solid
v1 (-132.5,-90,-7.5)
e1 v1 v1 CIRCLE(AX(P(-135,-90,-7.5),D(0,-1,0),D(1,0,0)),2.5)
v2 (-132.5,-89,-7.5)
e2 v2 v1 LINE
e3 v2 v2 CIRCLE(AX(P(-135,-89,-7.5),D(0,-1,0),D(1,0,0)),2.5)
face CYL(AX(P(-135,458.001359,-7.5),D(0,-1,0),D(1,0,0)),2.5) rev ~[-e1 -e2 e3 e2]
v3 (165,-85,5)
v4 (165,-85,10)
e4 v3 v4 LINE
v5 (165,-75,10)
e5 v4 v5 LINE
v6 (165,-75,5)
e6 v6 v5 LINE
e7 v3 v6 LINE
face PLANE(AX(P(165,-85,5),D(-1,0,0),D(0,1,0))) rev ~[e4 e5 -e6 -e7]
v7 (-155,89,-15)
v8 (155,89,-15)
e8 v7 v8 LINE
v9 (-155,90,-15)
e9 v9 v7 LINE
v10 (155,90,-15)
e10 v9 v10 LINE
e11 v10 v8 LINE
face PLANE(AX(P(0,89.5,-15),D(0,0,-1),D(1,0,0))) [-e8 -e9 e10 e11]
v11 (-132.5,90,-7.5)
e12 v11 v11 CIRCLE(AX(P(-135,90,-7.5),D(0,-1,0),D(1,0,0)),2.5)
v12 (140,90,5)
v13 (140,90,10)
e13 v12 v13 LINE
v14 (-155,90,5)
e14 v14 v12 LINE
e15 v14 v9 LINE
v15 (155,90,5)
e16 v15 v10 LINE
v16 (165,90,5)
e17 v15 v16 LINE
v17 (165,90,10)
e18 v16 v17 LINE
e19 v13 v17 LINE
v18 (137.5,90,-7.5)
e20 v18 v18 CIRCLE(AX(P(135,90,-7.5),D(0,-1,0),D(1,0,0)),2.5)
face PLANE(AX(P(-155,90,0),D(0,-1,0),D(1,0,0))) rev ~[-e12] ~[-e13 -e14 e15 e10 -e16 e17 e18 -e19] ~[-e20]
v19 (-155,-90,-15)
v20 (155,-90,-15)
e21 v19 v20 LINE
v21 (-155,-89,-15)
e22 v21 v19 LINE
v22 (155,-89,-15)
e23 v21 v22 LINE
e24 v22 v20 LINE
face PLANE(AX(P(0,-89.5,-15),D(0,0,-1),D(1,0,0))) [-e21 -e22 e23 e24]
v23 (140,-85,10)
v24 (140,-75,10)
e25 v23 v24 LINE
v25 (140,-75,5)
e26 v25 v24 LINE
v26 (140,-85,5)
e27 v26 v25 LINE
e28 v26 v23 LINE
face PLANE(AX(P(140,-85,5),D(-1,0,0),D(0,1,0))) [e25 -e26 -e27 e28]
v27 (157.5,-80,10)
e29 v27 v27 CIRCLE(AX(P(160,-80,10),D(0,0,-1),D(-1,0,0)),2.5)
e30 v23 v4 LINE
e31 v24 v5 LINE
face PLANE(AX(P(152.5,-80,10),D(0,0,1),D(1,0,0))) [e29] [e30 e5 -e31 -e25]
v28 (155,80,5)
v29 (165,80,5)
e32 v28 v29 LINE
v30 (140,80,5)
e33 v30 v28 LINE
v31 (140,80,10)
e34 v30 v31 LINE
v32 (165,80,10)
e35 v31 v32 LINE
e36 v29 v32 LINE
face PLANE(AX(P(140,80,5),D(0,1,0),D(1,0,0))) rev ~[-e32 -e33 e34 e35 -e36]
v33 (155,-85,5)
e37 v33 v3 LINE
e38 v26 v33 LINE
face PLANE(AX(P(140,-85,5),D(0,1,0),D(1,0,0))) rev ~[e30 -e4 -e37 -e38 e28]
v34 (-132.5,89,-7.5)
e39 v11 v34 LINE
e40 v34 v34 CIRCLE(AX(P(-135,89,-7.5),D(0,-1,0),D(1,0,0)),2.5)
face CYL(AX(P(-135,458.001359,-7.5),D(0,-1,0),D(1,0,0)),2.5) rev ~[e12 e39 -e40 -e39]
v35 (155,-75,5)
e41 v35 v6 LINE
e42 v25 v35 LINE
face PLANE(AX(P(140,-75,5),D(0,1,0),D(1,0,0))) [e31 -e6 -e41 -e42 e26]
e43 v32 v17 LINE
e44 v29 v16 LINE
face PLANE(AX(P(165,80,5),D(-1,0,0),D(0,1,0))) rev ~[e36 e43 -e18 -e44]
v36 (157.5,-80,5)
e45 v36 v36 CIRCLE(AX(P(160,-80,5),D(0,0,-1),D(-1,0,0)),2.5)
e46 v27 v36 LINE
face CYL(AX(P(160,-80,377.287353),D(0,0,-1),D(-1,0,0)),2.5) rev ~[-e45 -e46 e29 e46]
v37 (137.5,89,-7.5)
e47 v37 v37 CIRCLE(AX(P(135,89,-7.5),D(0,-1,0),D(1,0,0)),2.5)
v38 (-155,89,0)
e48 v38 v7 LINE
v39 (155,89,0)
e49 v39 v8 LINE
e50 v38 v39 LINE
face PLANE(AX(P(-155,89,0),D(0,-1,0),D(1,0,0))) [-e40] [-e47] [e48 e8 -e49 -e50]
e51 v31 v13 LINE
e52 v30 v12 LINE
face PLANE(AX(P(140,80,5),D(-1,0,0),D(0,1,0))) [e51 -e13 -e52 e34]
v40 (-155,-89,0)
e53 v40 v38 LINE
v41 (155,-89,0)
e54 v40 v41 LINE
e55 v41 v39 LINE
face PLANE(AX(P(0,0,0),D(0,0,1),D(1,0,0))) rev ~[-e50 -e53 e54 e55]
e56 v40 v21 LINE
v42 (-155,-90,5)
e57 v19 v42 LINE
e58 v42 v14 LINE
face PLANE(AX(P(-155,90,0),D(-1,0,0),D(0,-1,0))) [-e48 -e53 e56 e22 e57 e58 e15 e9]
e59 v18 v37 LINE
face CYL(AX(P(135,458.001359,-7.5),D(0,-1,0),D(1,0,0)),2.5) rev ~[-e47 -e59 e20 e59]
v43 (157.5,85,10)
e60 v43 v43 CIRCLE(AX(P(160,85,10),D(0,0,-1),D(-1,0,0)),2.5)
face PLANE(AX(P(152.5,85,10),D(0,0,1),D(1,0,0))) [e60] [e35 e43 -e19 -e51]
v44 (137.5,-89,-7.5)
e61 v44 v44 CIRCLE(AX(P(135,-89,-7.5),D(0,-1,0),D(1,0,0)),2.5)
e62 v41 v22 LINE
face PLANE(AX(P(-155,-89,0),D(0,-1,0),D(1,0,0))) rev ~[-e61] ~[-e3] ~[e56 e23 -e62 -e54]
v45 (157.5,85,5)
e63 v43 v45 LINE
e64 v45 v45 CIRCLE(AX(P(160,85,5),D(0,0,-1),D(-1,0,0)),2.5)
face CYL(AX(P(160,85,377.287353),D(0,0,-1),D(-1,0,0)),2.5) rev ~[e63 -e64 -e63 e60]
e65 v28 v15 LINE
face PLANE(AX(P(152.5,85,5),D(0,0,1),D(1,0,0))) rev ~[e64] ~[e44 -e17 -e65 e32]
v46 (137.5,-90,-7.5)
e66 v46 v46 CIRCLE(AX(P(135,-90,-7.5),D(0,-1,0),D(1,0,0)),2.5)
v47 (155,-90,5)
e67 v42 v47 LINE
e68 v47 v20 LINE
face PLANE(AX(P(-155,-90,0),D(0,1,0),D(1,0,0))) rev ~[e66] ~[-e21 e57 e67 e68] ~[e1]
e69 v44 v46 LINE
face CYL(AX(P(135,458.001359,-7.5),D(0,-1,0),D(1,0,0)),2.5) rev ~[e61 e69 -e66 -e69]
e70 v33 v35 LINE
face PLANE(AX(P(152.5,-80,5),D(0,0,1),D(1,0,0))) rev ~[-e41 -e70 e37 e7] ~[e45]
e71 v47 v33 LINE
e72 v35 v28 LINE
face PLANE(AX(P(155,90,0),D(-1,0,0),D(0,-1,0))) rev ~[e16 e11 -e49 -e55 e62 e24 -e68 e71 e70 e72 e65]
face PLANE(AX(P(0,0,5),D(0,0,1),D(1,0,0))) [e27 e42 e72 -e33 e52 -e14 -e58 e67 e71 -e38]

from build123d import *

# Parameters (mm, degrees)
F0_W      = 310
F0_H      = 180
F1_DEPTH  = 5
F2_W      = 25
F2_H      = 10
F3_DEPTH  = 5
F5_D      = 5
F6_W      = 25
F6_H      = 10
F7_DEPTH  = 5
F9_D      = 5
F10_W     = 310
F10_H     = 1
F11_DEPTH = 15
F13_D     = 5
F15_D     = 5


with BuildPart() as f1:
    # F0 (on Top) → F1 (new body)
    with BuildSketch(Plane.XY):
        Rectangle(F0_W, F0_H)
    extrude(amount=F1_DEPTH)

    # F2 (on face) → F3 (join)
    with BuildSketch(Plane.XY.offset(5)):
        with Locations((152.5, 85)):
            Rectangle(F2_W, F2_H)
    extrude(amount=F3_DEPTH)

    # F5 (through all)
    with Locations(Plane.XY.offset(10)):
        with Locations((160, 85)):
            Hole(F5_D / 2)

    # F6 (on face) → F7 (join)
    with BuildSketch(Plane.XY.offset(5)):
        with Locations((152.5, -80)):
            Rectangle(F6_W, F6_H)
    extrude(amount=F7_DEPTH)

    # F9 (through all)
    with Locations(Plane.XY.offset(10)):
        with Locations((160, -80)):
            Hole(F9_D / 2)

    # F10 (on face) → F11 (join)
    with BuildSketch(Plane(origin=(0, 0, 0), x_dir=(1, 0, 0), z_dir=(0, 0, -1))):
        with Locations((0, -89.5)):
            Rectangle(F10_W, F10_H)
        with Locations((0, 89.5)):
            Rectangle(F10_W, F10_H)
    extrude(amount=F11_DEPTH)

    # F13 (through all)
    with Locations(Plane(origin=(0, 90, 0), x_dir=(-1, 0, 0), z_dir=(0, 1, 0))):
        with Locations((-135, -7.5)):
            Hole(F13_D / 2)

    # F15 (through all)
    with Locations(Plane(origin=(0, 90, 0), x_dir=(-1, 0, 0), z_dir=(0, 1, 0))):
        with Locations((135, -7.5)):
            Hole(F15_D / 2)


solid = f1.part
